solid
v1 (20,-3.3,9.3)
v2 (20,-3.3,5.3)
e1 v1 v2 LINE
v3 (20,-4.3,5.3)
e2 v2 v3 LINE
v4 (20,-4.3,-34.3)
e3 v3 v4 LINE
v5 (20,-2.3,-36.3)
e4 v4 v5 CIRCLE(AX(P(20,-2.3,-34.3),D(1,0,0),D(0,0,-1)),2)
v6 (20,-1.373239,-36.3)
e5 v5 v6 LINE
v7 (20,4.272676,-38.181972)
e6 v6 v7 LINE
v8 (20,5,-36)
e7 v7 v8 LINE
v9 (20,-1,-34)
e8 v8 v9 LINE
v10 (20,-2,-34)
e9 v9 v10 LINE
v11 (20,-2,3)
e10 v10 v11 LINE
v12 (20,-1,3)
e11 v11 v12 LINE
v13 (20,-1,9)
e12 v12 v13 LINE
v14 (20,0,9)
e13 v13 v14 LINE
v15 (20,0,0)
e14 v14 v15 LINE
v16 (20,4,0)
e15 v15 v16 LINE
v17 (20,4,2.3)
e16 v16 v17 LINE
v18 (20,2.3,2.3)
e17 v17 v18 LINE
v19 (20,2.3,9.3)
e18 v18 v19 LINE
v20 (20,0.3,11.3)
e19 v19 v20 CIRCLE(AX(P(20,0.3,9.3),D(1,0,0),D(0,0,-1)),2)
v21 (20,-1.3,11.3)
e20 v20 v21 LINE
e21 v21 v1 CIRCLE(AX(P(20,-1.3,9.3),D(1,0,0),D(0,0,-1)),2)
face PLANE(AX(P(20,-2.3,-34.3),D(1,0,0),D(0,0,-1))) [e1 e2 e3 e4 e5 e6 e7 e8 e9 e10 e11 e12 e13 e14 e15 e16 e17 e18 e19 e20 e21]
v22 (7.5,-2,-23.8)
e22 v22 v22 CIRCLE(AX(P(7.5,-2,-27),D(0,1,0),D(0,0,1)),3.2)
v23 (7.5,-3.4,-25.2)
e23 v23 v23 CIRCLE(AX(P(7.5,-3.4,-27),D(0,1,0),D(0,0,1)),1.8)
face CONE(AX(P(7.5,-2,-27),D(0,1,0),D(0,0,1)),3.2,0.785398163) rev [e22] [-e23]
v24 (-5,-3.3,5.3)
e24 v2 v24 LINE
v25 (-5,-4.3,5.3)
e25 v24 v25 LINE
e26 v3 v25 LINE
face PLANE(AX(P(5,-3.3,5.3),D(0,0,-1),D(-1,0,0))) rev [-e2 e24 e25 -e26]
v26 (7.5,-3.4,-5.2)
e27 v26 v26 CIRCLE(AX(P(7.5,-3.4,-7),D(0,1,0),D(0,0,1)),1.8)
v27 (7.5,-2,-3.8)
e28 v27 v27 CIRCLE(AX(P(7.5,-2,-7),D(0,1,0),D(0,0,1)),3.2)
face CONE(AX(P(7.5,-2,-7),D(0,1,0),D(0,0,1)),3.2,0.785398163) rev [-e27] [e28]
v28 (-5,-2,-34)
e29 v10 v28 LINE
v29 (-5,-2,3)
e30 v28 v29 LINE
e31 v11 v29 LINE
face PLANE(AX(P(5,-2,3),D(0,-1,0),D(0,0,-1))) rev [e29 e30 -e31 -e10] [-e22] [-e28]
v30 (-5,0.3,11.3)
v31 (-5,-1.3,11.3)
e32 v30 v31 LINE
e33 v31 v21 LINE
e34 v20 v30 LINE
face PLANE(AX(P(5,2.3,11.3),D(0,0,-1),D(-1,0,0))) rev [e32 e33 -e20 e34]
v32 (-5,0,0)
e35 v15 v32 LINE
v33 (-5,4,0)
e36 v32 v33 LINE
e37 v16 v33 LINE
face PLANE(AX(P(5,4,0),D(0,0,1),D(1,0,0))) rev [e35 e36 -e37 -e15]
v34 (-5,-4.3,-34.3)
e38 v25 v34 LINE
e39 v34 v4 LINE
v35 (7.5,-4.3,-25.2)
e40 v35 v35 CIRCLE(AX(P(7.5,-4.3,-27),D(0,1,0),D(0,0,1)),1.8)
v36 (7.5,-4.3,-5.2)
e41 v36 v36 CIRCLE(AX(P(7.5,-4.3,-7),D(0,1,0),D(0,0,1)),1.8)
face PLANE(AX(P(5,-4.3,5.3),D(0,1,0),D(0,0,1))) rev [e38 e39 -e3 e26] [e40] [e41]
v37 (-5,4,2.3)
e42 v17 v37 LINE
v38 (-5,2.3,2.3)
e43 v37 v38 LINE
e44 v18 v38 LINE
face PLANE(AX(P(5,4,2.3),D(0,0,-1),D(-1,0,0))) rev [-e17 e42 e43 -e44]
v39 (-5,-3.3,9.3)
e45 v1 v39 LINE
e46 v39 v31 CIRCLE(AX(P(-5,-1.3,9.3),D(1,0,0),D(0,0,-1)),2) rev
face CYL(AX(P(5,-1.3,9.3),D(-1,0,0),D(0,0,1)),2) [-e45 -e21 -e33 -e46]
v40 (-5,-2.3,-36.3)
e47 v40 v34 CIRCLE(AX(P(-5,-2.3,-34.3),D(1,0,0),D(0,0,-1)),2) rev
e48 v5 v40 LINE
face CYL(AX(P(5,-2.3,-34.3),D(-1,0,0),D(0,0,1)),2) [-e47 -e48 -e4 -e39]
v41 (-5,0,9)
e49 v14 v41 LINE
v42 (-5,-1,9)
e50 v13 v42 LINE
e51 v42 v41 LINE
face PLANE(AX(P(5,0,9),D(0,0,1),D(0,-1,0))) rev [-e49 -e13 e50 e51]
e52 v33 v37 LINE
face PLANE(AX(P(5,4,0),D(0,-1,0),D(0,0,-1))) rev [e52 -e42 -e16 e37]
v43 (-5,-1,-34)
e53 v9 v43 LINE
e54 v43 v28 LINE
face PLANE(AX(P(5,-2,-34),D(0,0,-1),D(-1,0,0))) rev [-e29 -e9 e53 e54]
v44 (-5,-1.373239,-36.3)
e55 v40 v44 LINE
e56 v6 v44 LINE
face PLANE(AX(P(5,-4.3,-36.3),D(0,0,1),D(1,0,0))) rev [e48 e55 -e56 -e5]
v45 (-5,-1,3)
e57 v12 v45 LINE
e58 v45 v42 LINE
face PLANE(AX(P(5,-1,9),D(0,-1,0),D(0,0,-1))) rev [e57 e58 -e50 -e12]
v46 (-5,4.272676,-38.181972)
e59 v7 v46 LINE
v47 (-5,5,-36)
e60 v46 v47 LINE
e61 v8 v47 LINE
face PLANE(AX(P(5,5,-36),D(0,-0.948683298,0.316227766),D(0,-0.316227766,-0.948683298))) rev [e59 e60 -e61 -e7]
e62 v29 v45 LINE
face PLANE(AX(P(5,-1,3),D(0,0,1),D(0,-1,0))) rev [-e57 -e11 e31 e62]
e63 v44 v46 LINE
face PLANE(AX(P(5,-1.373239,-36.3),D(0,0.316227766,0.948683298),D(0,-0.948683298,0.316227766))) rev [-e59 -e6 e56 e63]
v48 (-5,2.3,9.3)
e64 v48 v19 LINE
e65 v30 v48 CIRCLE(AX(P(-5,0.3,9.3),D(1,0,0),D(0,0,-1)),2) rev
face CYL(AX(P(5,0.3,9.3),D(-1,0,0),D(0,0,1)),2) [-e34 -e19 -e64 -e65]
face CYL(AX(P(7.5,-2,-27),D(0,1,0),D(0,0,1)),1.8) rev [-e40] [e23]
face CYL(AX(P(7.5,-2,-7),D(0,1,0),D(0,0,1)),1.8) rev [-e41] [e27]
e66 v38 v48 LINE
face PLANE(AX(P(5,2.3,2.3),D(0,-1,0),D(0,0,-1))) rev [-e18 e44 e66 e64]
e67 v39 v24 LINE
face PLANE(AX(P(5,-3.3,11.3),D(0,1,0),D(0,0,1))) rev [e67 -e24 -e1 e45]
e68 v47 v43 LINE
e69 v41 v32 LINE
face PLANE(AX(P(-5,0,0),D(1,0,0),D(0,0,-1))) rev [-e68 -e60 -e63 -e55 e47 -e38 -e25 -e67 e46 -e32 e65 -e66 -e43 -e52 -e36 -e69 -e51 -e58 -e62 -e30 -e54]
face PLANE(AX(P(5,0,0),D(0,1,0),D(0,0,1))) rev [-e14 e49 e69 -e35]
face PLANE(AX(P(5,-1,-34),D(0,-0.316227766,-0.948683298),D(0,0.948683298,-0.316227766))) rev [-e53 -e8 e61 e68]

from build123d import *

# Parameters (mm, degrees)
EXTRUDE_1_DEPTH          = 5
FILLET_1_R               = 2
EXTRUDE_3_DEPTH          = 15
HOLE_WIZARD_1_AT_2_COUNT = 2
HOLE_WIZARD_1_AT_2_PITCH = 20


with BuildPart() as part:
    # 草图1 → 凸台-拉伸1 (new, symmetric)
    with BuildSketch(Plane(origin=(0, 0, 0), x_dir=(0, 0, -1), z_dir=(1, 0, 0))):
        Polygon((0, 4), (0, 0), (-9, 0), (-9, -1), (-3, -1), (-3, -2), (34, -2), (34, -1), (36, 5), (38.181971586, 4.272676138), (36.3, -1.373238618), (36.3, -4.3), (-5.3, -4.3), (-5.3, -3.3), (-11.3, -3.3), (-11.3, 2.3), (-2.3, 2.3), (-2.3, 4), align=None)
    extrude(amount=EXTRUDE_1_DEPTH, both=True)

    # 圆角1
    fillet_1_edges = [part.edges().sort_by_distance(p)[0] for p in [
        (0, -4.3, -36.3),
        (0, -3.3, 11.3),
        (0, 2.3, 11.3),
    ]]
    fillet(fillet_1_edges, radius=FILLET_1_R)

    # 草图7 → 凸台-拉伸3 (add)
    with BuildSketch(Plane(origin=(5, 0, 0), x_dir=(0, 0, -1), z_dir=(1, 0, 0))):
        with BuildLine():
            Line((-5.3, -4.3), (34.3, -4.3))
            ThreePointArc((34.3, -4.3), (35.714213562, -3.714213562), (36.3, -2.3))
            Line((36.3, -2.3), (36.3, -1.373238618))
            Line((36.3, -1.373238618), (38.181971586, 4.272676138))
            Line((38.181971586, 4.272676138), (36, 5))
            Line((36, 5), (34, -1))
            Line((34, -1), (34, -2))
            Line((34, -2), (-3, -2))
            Line((-3, -2), (-3, -1))
            Line((-3, -1), (-9, -1))
            Line((-9, -1), (-9, 0))
            Line((-9, 0), (0, 0))
            Line((0, 0), (0, 4))
            Line((0, 4), (-2.3, 4))
            Line((-2.3, 4), (-2.3, 2.3))
            Line((-2.3, 2.3), (-9.3, 2.3))
            ThreePointArc((-9.3, 2.3), (-10.714213562, 1.714213562), (-11.3, 0.3))
            Line((-11.3, 0.3), (-11.3, -1.3))
            ThreePointArc((-11.3, -1.3), (-10.714213562, -2.714213562), (-9.3, -3.3))
            Line((-9.3, -3.3), (-5.3, -3.3))
            Line((-5.3, -3.3), (-5.3, -4.3))
        make_face()
    extrude(amount=EXTRUDE_3_DEPTH)

    # 草图3 → 打孔尺寸开槽半沉头螺钉的类型1 (revolve, cut)
    with BuildSketch(Plane(origin=(7.5, -2, -27), x_dir=(0, 0, 1), z_dir=(1, 0, 0))):
        Polygon((0, 0), (0, 2.3), (1.8, 2.3), (1.8, 1.4), (3.2, 0), align=None)
    hole_wizard_1 = revolve(axis=Axis((7.5, 4.35, -27), (0, -1, 0)), mode=Mode.SUBTRACT)

    # 打孔尺寸开槽半沉头螺钉的类型1 at 2: 打孔尺寸开槽半沉头螺钉的类型1 ×2
    with Locations(*[(0, 0, i * HOLE_WIZARD_1_AT_2_PITCH) for i in range(1, HOLE_WIZARD_1_AT_2_COUNT)]):
        add(hole_wizard_1, mode=Mode.SUBTRACT)


solid = part.part
